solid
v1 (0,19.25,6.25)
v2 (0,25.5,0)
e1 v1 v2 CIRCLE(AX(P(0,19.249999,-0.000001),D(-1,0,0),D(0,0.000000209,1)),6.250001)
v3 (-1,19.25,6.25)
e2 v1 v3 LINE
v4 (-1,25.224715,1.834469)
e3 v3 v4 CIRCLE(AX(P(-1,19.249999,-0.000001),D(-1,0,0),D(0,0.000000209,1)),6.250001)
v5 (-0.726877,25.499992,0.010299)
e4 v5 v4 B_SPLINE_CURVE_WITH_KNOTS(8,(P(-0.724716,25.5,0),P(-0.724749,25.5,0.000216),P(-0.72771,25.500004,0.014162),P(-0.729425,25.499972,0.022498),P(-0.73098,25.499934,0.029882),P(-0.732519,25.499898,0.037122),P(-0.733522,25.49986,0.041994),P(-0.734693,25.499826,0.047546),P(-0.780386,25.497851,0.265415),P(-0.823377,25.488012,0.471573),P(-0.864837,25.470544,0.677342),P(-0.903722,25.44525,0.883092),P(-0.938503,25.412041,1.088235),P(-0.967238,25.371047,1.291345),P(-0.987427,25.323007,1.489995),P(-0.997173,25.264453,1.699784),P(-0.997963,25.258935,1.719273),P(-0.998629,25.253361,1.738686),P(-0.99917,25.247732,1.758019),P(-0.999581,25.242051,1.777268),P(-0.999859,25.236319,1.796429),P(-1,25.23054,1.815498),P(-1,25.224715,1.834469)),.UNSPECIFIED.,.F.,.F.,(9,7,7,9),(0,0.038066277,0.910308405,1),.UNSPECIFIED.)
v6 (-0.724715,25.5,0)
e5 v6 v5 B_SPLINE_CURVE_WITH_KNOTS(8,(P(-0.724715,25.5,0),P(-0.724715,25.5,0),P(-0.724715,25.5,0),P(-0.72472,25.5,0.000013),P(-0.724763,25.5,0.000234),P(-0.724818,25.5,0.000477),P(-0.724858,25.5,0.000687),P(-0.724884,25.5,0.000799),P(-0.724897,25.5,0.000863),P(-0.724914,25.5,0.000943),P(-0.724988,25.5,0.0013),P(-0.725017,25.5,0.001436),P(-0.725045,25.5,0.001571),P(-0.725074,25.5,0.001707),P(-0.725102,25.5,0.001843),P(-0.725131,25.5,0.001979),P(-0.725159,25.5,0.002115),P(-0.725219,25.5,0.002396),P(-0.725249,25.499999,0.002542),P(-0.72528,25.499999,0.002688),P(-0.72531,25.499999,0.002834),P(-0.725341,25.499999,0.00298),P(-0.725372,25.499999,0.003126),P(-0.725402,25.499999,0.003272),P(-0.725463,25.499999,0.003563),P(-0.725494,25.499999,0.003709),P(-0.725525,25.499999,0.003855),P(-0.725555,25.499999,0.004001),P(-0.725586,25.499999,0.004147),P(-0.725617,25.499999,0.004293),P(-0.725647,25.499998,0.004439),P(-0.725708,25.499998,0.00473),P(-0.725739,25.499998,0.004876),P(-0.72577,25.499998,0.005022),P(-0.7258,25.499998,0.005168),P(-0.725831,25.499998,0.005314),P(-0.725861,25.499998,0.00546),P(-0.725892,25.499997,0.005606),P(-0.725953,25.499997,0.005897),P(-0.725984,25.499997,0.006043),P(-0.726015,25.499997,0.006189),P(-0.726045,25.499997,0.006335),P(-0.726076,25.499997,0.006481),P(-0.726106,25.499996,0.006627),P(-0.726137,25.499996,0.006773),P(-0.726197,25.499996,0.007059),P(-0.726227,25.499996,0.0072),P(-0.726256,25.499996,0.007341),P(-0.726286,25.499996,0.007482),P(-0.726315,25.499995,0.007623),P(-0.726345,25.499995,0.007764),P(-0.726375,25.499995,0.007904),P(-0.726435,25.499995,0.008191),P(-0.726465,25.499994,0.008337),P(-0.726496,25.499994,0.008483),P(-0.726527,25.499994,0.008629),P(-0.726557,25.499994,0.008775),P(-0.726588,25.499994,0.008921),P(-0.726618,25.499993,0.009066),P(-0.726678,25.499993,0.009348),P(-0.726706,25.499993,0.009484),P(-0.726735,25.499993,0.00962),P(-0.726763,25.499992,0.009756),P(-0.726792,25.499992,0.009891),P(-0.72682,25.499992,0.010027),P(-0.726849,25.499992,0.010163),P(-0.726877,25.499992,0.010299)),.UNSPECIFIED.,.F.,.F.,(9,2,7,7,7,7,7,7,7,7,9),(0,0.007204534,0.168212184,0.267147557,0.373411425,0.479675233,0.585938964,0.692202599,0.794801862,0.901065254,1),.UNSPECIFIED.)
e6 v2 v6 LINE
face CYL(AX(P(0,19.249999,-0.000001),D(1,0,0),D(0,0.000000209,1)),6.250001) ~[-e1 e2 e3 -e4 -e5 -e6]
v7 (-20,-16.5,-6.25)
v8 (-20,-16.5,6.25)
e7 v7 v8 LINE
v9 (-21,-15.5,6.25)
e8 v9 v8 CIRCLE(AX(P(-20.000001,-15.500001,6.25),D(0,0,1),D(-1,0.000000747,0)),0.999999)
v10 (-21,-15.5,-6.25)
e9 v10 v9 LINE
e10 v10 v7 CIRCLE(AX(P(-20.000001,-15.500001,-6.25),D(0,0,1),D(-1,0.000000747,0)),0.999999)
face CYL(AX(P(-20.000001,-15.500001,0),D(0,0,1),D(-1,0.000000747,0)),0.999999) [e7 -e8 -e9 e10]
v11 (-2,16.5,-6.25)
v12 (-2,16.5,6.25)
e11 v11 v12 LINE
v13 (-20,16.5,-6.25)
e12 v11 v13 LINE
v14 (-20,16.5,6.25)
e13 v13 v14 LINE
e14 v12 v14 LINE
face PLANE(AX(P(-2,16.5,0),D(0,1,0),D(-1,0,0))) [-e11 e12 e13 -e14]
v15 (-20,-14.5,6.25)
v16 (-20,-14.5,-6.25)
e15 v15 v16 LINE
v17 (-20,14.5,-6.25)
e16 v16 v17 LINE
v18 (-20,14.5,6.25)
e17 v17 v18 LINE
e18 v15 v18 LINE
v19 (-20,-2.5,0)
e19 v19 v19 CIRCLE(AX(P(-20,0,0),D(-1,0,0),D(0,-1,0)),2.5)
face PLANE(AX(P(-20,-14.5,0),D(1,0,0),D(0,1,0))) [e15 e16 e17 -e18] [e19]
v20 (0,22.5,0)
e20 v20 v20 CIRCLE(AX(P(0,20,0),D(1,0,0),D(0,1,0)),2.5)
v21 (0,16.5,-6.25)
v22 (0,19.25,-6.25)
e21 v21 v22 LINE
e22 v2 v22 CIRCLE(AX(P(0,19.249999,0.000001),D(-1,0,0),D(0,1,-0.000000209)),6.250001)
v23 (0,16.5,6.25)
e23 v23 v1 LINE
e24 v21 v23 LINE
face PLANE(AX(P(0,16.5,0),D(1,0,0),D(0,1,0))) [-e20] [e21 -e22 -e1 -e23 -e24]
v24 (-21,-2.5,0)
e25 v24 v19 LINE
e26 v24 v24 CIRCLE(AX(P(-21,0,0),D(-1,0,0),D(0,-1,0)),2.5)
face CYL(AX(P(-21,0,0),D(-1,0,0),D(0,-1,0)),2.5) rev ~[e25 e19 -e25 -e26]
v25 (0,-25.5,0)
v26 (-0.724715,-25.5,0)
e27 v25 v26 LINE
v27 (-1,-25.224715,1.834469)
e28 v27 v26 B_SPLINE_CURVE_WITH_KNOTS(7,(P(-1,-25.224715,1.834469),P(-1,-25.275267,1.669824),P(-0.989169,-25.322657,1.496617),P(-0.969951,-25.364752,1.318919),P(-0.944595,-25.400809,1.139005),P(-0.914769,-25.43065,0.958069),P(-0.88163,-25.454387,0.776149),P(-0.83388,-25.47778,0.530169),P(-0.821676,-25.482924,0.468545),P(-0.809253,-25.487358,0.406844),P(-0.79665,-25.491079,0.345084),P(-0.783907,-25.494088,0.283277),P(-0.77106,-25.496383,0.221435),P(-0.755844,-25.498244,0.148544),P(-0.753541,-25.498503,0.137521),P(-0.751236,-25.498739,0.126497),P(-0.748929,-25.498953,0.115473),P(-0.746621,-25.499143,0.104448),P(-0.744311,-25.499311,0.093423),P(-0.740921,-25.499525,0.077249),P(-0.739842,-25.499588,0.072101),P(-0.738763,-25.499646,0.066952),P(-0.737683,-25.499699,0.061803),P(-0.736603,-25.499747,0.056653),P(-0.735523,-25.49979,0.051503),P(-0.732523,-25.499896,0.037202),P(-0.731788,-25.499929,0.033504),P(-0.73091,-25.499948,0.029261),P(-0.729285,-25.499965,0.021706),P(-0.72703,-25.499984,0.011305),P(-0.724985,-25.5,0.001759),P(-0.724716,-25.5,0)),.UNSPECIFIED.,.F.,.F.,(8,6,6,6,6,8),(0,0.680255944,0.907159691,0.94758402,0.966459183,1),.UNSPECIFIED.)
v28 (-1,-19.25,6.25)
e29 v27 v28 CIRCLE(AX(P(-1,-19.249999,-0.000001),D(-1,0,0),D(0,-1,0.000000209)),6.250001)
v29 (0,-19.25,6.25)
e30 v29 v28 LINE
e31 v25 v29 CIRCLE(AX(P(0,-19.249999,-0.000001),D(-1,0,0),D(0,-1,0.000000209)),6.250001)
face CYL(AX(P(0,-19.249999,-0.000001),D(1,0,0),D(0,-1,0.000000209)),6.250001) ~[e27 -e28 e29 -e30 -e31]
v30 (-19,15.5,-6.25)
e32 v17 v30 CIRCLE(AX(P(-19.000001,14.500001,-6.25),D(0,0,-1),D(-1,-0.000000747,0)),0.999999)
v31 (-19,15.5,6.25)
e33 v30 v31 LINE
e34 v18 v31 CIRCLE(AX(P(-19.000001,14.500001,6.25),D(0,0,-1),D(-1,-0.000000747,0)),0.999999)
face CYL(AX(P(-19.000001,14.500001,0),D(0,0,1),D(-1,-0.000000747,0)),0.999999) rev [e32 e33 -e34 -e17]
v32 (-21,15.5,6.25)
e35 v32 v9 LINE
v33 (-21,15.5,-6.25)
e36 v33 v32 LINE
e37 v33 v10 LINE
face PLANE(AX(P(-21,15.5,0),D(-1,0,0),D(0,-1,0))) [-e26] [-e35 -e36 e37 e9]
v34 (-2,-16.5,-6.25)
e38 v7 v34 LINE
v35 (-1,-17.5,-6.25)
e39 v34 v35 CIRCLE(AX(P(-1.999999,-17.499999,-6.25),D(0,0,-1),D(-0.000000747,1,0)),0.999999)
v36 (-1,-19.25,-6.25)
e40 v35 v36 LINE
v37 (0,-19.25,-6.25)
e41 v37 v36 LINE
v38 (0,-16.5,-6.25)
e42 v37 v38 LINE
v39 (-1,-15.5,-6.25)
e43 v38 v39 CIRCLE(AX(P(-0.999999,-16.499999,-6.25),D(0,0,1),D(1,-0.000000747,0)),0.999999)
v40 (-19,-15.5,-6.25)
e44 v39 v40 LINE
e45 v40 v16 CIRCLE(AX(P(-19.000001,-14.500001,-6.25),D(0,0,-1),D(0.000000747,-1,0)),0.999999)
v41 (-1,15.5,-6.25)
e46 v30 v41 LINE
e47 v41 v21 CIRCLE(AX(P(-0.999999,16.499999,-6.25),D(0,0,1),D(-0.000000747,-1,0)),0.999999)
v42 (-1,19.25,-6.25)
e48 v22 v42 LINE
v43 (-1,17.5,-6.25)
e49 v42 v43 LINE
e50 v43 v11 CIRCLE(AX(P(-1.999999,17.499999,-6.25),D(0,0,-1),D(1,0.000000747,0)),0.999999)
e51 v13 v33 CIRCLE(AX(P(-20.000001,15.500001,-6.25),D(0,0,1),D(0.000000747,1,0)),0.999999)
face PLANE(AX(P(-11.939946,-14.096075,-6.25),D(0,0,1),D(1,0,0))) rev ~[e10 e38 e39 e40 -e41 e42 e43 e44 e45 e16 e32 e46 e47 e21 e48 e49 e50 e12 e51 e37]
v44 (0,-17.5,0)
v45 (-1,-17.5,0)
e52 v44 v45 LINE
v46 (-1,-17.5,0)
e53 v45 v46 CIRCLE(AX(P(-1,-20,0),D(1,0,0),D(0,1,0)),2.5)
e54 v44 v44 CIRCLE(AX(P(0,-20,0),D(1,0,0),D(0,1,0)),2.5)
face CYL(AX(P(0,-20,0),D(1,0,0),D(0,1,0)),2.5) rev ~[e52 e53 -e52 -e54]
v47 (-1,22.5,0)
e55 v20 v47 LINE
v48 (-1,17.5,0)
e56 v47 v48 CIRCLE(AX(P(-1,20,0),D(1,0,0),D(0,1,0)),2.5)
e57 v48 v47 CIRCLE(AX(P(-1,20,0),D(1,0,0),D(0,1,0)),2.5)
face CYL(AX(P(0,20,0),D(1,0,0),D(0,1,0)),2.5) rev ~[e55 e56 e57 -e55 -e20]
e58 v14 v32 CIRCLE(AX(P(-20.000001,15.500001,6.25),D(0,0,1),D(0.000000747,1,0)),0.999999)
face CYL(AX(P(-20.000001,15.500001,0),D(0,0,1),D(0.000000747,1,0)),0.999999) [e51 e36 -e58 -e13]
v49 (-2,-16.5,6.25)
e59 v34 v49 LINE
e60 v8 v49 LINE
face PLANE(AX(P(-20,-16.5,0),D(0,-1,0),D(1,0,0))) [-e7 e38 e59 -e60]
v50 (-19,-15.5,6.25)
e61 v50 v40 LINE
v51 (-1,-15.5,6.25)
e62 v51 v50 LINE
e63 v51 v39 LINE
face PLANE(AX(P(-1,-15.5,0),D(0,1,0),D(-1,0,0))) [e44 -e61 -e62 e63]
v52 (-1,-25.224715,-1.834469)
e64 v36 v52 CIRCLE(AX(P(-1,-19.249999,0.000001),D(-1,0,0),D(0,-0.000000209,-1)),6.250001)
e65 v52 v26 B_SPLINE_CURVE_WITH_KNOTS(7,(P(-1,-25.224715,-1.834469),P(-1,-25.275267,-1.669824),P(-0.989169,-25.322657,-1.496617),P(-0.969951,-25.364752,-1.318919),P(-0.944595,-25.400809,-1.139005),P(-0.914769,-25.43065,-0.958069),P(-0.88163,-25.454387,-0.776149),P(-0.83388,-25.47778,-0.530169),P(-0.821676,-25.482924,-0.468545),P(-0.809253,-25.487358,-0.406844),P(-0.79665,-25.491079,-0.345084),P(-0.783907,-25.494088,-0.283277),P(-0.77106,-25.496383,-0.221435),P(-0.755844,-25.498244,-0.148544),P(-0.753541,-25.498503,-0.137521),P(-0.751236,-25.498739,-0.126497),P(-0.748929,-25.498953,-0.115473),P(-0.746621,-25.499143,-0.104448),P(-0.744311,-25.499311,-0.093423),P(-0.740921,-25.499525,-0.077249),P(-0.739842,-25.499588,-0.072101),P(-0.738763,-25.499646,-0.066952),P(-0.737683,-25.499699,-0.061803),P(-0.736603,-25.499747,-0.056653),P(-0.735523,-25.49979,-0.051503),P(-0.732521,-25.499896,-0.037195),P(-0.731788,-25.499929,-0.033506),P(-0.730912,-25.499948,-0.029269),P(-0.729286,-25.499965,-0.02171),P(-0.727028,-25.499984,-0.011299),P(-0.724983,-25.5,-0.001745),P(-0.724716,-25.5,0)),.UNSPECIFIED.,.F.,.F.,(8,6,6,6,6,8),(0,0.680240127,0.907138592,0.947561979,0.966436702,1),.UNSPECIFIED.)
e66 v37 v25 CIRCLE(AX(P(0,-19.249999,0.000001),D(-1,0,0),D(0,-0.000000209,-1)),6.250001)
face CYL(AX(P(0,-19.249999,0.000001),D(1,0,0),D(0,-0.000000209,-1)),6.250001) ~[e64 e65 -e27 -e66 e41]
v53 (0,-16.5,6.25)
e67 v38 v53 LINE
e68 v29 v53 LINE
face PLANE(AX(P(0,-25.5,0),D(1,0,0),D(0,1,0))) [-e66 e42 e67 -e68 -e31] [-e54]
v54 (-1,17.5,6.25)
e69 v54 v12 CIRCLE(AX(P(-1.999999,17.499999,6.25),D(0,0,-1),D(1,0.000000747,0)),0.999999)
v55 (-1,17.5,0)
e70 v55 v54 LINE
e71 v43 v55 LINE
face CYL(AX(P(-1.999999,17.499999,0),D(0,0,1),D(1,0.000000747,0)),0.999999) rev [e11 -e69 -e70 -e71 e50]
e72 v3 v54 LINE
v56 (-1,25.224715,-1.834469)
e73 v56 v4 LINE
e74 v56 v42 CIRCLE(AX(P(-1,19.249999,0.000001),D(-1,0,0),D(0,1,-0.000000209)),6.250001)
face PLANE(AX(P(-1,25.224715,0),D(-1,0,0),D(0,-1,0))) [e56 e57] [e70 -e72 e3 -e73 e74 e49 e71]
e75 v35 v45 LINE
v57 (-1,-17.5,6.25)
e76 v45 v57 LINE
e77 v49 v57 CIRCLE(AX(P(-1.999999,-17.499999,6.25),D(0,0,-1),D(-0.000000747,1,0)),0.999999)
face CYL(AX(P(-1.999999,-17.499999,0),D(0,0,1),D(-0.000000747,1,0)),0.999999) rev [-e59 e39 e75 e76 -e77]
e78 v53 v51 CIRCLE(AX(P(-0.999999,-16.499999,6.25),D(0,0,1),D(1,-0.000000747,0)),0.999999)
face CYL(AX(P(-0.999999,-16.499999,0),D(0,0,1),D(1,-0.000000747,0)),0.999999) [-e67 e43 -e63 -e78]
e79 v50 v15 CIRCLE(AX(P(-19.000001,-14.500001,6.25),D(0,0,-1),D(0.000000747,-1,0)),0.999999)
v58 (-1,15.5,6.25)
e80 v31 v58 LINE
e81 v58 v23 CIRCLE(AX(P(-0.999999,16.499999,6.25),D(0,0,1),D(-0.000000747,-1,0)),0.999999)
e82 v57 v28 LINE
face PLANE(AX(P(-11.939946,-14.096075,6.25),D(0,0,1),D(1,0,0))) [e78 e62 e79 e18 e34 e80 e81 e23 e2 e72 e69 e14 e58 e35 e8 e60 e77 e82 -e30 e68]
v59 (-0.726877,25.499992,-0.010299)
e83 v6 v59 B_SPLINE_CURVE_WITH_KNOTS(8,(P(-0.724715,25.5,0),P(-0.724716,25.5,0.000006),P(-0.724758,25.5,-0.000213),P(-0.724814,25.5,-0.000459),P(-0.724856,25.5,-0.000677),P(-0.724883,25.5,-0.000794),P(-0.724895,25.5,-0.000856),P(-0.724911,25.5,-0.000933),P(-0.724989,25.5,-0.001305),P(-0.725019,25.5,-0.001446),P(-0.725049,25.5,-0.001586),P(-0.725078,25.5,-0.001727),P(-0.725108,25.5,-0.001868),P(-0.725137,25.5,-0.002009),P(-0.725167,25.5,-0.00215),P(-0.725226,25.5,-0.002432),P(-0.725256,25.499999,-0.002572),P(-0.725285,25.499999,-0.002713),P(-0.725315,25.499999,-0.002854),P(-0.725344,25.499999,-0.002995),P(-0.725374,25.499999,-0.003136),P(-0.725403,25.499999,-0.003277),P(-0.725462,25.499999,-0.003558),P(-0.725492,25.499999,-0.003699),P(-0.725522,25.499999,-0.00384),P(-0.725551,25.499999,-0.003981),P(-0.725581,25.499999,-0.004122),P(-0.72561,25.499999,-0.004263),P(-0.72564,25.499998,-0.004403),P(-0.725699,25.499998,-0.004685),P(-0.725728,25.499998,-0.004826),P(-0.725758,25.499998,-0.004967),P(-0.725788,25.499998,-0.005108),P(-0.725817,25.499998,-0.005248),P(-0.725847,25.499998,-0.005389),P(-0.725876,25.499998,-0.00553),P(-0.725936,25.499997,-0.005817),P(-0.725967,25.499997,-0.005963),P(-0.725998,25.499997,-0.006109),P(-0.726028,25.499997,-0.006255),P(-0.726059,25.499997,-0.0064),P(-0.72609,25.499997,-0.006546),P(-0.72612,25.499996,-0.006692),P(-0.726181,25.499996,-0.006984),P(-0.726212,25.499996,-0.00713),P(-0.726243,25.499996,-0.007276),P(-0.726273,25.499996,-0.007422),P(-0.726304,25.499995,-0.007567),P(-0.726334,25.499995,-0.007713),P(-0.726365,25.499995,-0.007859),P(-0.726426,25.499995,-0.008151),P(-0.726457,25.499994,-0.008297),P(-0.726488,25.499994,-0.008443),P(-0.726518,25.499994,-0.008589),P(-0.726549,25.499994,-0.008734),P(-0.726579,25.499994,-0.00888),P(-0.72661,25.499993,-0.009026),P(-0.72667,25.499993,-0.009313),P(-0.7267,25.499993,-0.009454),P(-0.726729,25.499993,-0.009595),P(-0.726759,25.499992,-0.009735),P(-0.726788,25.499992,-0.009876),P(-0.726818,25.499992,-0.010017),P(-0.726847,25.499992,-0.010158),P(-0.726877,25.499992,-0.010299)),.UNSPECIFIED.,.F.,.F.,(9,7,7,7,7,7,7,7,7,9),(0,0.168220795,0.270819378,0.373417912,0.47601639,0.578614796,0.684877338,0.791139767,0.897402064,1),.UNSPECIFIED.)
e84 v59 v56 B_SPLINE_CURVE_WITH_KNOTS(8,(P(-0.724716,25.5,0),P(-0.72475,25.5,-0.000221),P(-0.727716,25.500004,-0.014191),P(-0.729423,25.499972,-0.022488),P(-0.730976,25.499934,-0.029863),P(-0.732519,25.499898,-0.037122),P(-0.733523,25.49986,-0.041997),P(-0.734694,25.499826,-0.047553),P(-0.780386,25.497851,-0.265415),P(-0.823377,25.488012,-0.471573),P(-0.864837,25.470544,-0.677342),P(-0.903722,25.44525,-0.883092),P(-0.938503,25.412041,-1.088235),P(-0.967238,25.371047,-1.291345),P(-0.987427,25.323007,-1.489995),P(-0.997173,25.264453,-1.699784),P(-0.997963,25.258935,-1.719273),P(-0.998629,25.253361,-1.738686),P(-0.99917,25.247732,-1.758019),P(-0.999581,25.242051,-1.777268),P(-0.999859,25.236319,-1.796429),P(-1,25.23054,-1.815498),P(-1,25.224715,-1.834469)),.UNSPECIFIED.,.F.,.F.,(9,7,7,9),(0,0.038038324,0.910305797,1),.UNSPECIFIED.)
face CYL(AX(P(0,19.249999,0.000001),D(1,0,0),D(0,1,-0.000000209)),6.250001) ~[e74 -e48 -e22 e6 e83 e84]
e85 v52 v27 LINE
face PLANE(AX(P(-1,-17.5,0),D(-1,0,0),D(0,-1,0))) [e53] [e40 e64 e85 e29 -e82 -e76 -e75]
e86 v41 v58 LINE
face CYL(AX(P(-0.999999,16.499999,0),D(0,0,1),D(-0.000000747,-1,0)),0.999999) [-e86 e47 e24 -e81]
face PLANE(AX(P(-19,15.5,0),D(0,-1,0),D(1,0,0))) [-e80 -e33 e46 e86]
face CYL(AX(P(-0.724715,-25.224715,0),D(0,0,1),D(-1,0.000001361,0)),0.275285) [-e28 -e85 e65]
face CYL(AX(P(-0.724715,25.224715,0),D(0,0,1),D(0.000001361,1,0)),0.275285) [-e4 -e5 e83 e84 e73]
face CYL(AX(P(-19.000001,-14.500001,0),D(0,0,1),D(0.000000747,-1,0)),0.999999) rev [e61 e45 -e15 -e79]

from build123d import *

# Parameters (mm, degrees)
F1_DEPTH = 6.25
F2_R     = 2.5
F3_DEPTH = 1
F4_R     = 2.5
F5_DEPTH = 1


with BuildPart() as f1:
    # F0 (on Top) → F1 (new body, symmetric)
    with BuildSketch(Plane.XY):
        with BuildLine():
            Line((-20, -14.5), (-20, 0))
            Line((-20, 0), (-21, 0))
            Line((-21, 0), (-21, -15.5))
            ThreePointArc((-21, -15.5), (-20.707107, -16.207107), (-20, -16.5))
            Line((-20, -16.5), (-2, -16.5))
            ThreePointArc((-2, -16.5), (-1.292893, -16.792893), (-1, -17.5))
            Line((-1, -17.5), (-1, -25.224715))
            ThreePointArc((-1, -25.224715), (-0.919371, -25.419371), (-0.724715, -25.5))
            Line((-0.724715, -25.5), (0, -25.5))
            Line((0, -25.5), (0, -16.5))
            ThreePointArc((0, -16.5), (-0.292893, -15.792893), (-1, -15.5))
            Line((-1, -15.5), (-19, -15.5))
            ThreePointArc((-19, -15.5), (-19.707107, -15.207107), (-20, -14.5))
        make_face()
        with BuildLine():
            Line((0, 16.5), (0, 25.5))
            Line((0, 25.5), (-0.724715, 25.5))
            ThreePointArc((-0.724715, 25.5), (-0.919371, 25.419371), (-1, 25.224715))
            Line((-1, 25.224715), (-1, 17.5))
            ThreePointArc((-1, 17.5), (-1.292893, 16.792893), (-2, 16.5))
            Line((-2, 16.5), (-20, 16.5))
            ThreePointArc((-20, 16.5), (-20.707107, 16.207107), (-21, 15.5))
            Line((-21, 15.5), (-21, 0))
            Line((-21, 0), (-20, 0))
            Line((-20, 0), (-20, 14.5))
            ThreePointArc((-20, 14.5), (-19.707107, 15.207107), (-19, 15.5))
            Line((-19, 15.5), (-1, 15.5))
            ThreePointArc((-1, 15.5), (-0.292893, 15.792893), (0, 16.5))
        make_face()
    extrude(amount=F1_DEPTH, both=True)

    # F2 (on face) → F3 (cut, through all)
    with BuildSketch(Plane.YZ):
        with BuildLine():
            Line((25.5, 6.25), (19.25, 6.25))
            ThreePointArc((19.25, 6.25), (23.669417, 4.419417), (25.5, 0))
            Line((25.5, 0), (25.5, 6.25))
        make_face()
        with Locations((20, 0)):
            Circle(F2_R)
        with BuildLine():
            Line((25.5, -6.25), (25.5, 0))
            ThreePointArc((25.5, 0), (23.669417, -4.419417), (19.25, -6.25))
            Line((19.25, -6.25), (25.5, -6.25))
        make_face()
        with Locations((-20, 0)):
            Circle(F2_R)
        with BuildLine():
            Line((-25.5, 6.25), (-25.5, 0))
            ThreePointArc((-25.5, 0), (-23.669417, 4.419417), (-19.25, 6.25))
            Line((-19.25, 6.25), (-25.5, 6.25))
        make_face()
        with BuildLine():
            Line((-25.5, -6.25), (-19.25, -6.25))
            ThreePointArc((-19.25, -6.25), (-23.669417, -4.419417), (-25.5, 0))
            Line((-25.5, 0), (-25.5, -6.25))
        make_face()
    extrude(amount=-F3_DEPTH, mode=Mode.SUBTRACT)

    # F4 (on face) → F5 (cut, through all)
    with BuildSketch(Plane(origin=(-21, 0, 0), x_dir=(0, -1, 0), z_dir=(-1, 0, 0))):
        Circle(F4_R)
    extrude(amount=-F5_DEPTH, mode=Mode.SUBTRACT)


solid = f1.part
